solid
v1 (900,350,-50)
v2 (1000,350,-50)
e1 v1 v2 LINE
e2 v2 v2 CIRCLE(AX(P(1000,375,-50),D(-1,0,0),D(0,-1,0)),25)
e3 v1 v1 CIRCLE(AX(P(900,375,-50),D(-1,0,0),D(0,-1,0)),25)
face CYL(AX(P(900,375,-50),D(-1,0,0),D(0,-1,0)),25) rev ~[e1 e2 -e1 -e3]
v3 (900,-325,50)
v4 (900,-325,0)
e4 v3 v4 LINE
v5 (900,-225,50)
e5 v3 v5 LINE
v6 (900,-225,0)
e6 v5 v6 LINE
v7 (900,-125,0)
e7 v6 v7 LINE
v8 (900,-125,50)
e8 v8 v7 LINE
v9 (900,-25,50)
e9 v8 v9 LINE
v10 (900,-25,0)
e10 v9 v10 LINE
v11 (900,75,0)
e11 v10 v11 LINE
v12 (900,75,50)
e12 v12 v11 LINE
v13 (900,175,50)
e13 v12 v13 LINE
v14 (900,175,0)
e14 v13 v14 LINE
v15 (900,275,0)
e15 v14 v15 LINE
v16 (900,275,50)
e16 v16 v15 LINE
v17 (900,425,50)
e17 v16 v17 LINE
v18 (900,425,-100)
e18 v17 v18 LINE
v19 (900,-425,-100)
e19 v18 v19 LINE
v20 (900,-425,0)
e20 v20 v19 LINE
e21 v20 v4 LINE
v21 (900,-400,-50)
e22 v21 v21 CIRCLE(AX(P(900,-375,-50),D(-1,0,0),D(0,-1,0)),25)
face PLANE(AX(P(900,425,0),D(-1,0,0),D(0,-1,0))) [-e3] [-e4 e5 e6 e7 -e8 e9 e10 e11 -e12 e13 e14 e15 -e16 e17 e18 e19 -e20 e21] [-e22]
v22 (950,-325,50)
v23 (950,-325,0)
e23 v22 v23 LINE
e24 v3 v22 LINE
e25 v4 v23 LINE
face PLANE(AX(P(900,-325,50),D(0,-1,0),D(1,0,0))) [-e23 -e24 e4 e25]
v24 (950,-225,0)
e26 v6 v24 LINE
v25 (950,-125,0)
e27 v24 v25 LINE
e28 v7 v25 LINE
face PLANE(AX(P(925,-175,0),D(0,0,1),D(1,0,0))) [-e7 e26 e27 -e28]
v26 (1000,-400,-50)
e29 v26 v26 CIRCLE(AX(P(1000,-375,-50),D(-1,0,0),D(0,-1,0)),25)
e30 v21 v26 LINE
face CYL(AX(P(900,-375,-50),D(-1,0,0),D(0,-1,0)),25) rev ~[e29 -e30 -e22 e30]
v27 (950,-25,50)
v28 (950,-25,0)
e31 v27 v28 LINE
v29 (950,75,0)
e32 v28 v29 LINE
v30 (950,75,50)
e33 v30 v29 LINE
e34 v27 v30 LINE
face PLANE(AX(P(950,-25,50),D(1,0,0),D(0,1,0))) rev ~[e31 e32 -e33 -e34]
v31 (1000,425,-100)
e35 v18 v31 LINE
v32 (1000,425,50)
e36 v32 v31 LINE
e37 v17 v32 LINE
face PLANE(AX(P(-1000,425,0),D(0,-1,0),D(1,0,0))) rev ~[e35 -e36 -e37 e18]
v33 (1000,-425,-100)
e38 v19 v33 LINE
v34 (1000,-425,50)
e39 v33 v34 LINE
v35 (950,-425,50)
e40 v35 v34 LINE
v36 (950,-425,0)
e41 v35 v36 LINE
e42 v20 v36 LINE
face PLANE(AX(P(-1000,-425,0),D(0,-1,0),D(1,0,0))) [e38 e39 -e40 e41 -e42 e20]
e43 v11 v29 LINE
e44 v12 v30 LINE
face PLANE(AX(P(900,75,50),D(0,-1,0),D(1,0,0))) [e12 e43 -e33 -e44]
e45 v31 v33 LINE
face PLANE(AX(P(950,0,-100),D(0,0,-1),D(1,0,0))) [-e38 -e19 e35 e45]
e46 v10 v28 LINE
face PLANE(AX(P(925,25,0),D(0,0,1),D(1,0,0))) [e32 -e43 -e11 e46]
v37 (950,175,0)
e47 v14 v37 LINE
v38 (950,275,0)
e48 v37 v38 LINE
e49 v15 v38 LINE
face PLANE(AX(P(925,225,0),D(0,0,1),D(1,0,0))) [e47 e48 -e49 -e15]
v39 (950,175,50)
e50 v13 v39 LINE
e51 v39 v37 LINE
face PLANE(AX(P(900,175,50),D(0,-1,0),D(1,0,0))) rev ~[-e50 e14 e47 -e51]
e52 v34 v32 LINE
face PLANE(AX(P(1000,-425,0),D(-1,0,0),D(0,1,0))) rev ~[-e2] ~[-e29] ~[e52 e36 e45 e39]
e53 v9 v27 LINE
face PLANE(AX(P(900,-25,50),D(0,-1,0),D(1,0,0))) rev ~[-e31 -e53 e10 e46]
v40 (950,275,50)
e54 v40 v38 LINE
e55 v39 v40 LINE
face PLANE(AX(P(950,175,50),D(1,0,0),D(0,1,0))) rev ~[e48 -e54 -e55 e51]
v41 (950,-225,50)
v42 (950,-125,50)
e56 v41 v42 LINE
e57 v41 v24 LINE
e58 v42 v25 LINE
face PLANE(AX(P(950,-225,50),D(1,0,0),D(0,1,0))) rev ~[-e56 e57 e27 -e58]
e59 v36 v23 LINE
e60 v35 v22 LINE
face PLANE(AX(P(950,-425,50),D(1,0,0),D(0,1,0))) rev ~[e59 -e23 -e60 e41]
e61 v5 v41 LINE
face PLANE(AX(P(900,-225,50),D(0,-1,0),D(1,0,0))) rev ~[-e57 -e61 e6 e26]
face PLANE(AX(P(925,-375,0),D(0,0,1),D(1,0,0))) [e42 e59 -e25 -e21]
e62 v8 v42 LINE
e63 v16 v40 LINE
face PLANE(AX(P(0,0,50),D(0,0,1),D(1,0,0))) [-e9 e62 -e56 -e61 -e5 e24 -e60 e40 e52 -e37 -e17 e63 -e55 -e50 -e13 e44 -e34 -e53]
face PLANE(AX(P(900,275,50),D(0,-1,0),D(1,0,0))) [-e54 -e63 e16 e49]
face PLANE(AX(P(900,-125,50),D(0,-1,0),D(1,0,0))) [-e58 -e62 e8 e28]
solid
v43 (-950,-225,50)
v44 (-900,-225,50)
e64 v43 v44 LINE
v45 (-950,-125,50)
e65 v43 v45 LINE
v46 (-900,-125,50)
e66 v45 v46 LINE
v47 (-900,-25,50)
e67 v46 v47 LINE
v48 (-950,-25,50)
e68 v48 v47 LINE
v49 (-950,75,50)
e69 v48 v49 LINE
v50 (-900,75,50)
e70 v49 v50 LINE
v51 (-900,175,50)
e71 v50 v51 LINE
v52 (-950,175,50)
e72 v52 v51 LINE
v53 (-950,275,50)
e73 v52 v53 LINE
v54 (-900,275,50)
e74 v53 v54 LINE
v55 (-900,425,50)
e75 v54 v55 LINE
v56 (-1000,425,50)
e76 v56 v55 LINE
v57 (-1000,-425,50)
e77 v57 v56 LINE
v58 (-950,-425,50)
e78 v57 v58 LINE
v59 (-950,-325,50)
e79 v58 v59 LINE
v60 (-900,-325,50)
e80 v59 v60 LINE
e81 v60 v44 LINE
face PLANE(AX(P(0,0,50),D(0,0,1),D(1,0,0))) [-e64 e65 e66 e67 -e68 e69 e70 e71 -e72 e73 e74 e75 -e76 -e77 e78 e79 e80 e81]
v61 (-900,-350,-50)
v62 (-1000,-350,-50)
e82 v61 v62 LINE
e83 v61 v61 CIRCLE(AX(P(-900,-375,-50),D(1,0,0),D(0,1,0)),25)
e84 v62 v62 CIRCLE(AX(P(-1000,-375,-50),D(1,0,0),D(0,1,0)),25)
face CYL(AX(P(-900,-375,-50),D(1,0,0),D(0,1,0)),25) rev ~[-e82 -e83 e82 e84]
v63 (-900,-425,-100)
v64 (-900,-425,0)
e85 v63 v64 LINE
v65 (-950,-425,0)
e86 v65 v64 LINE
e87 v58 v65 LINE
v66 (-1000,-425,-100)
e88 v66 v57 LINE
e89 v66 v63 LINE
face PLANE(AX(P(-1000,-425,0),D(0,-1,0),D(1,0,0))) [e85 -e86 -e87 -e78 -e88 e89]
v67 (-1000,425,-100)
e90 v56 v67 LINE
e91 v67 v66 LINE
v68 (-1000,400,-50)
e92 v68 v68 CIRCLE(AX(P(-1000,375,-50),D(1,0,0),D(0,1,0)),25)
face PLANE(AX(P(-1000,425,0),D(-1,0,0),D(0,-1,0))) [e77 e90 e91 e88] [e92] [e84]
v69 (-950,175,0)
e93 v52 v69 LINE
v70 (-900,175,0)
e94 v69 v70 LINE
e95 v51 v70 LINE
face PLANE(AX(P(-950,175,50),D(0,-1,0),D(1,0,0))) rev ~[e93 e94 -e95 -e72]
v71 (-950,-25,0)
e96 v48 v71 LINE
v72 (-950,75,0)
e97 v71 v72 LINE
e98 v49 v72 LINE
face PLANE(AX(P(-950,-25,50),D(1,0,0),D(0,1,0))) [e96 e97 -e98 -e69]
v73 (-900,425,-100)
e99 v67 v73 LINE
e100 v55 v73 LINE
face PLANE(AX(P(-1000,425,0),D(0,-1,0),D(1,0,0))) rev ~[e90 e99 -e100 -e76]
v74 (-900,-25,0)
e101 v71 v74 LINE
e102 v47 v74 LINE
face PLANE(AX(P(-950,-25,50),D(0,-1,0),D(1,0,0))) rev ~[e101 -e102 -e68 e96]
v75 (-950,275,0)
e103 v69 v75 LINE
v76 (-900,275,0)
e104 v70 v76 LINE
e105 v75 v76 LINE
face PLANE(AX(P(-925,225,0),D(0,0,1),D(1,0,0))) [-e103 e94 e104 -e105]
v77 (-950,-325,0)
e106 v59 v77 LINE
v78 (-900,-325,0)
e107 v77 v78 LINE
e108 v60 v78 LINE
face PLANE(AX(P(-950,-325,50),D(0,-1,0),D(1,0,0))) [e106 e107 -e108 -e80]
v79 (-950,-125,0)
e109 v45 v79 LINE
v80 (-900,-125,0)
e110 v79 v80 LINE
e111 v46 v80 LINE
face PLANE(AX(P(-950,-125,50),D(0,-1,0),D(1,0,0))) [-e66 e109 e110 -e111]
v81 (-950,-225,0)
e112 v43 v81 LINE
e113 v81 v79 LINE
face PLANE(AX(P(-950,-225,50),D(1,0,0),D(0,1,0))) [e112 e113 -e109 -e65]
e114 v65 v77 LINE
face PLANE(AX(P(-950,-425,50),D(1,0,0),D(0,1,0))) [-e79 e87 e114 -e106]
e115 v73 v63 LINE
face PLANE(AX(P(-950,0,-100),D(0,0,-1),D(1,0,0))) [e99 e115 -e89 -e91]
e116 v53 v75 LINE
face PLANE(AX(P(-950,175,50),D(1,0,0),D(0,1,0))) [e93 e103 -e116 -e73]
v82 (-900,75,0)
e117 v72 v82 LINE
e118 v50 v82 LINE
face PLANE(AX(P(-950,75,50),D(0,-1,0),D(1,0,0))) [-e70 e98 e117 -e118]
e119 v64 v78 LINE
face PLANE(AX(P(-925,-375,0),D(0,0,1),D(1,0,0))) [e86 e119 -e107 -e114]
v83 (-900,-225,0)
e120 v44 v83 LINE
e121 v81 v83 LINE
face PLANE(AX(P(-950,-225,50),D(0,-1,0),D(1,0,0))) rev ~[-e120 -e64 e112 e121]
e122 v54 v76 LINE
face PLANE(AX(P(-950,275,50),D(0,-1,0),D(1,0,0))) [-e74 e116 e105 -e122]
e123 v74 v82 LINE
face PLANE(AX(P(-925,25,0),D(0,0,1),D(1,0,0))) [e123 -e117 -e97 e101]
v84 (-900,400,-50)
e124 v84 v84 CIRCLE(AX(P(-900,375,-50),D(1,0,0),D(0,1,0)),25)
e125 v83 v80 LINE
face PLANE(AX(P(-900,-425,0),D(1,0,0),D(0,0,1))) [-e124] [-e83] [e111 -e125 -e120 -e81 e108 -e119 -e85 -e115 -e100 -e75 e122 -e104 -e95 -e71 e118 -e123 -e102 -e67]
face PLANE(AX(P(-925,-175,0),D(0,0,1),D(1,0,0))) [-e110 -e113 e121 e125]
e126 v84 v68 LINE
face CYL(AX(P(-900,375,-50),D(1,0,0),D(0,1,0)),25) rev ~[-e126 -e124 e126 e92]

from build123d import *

# Parameters (mm, degrees)
F0_W      = 2000
F0_H      = 850
F1_DEPTH  = 100
F2_W      = 100
F2_H      = 850
F3_DEPTH  = 100
F4_W      = 1600
F4_H      = 850
F5_DEPTH  = 120
F6_R      = 25
F7_DEPTH  = 150
F8_R      = 25
F9_DEPTH  = 100
F10_DEPTH = 50
F11_DEPTH = 50
F12_W     = 100
F12_H     = 50
F13_DEPTH = 1107
F14_W     = 100
F14_H     = 50
F15_DEPTH = 1000
F16_W     = 50
F16_H     = 100
F17_DEPTH = 50
F18_W     = 50
F18_H     = 100
F19_DEPTH = 50


with BuildPart() as f1:
    # F0 (on Top) → F1 (new body)
    with BuildSketch(Plane.XY):
        Rectangle(F0_W, F0_H)
    extrude(amount=F1_DEPTH)

    # F2 (on face) → F3 (join)
    with BuildSketch(Plane(origin=(0, 0, 0), x_dir=(1, 0, 0), z_dir=(0, 0, -1))):
        with Locations((-950, 0)):
            Rectangle(F2_W, F2_H)
        with Locations((950, 0)):
            Rectangle(F2_W, F2_H)
    extrude(amount=F3_DEPTH)

    # F4 (on face) → F5 (cut)
    with BuildSketch(Plane.XY.offset(100)):
        Rectangle(F4_W, F4_H)
    extrude(amount=-F5_DEPTH, mode=Mode.SUBTRACT)

    # F6 (on face) → F7 (cut)
    with BuildSketch(Plane.YZ.offset(-900)):
        with Locations((-375, -50)):
            Circle(F6_R)
        with Locations((375, -50)):
            Circle(F6_R)
    extrude(amount=-F7_DEPTH, mode=Mode.SUBTRACT)

    # F8 (on face) → F9 (cut)
    with BuildSketch(Plane(origin=(900, 0, 0), x_dir=(0, -1, 0), z_dir=(-1, 0, 0))):
        with Locations((375, -50)):
            Circle(F8_R)
        with Locations((-375, -50)):
            Circle(F8_R)
    extrude(amount=-F9_DEPTH, mode=Mode.SUBTRACT)

    # F10 (cut): a face of the model
    f10_faces = [f1.faces().sort_by_distance(p)[0] for p in [
        (-900, 0, 100),
    ]]
    extrude(f10_faces, amount=-F10_DEPTH, mode=Mode.SUBTRACT)

    # F11 (cut): a face of the model
    f11_faces = [f1.faces().sort_by_distance(p)[0] for p in [
        (900, 0, 100),
    ]]
    extrude(f11_faces, amount=-F11_DEPTH, mode=Mode.SUBTRACT)

    # F12 (on face) → F13 (cut)
    with BuildSketch(Plane.XZ.offset(425)):
        with Locations((850, 25)):
            Rectangle(F12_W, F12_H)
    extrude(amount=-F13_DEPTH, mode=Mode.SUBTRACT)

    # F14 (on face) → F15 (cut)
    with BuildSketch(Plane.XZ.offset(425)):
        with Locations((-850, 25)):
            Rectangle(F14_W, F14_H)
    extrude(amount=-F15_DEPTH, mode=Mode.SUBTRACT)

    # F16 (on face) → F17 (cut)
    with BuildSketch(Plane.XY.offset(50)):
        with Locations((-925, -375)):
            Rectangle(F16_W, F16_H)
        with Locations((-925, -175)):
            Rectangle(F16_W, F16_H)
        with Locations((-925, 25)):
            Rectangle(F16_W, F16_H)
        with Locations((-925, 225)):
            Rectangle(F16_W, F16_H)
    extrude(amount=-F17_DEPTH, mode=Mode.SUBTRACT)

    # F18 (on face) → F19 (cut)
    with BuildSketch(Plane.XY.offset(50)):
        with Locations((925, -375)):
            Rectangle(F18_W, F18_H)
        with Locations((925, -175)):
            Rectangle(F18_W, F18_H)
        with Locations((925, 25)):
            Rectangle(F18_W, F18_H)
        with Locations((925, 225)):
            Rectangle(F18_W, F18_H)
    extrude(amount=-F19_DEPTH, mode=Mode.SUBTRACT)


solid = f1.part
